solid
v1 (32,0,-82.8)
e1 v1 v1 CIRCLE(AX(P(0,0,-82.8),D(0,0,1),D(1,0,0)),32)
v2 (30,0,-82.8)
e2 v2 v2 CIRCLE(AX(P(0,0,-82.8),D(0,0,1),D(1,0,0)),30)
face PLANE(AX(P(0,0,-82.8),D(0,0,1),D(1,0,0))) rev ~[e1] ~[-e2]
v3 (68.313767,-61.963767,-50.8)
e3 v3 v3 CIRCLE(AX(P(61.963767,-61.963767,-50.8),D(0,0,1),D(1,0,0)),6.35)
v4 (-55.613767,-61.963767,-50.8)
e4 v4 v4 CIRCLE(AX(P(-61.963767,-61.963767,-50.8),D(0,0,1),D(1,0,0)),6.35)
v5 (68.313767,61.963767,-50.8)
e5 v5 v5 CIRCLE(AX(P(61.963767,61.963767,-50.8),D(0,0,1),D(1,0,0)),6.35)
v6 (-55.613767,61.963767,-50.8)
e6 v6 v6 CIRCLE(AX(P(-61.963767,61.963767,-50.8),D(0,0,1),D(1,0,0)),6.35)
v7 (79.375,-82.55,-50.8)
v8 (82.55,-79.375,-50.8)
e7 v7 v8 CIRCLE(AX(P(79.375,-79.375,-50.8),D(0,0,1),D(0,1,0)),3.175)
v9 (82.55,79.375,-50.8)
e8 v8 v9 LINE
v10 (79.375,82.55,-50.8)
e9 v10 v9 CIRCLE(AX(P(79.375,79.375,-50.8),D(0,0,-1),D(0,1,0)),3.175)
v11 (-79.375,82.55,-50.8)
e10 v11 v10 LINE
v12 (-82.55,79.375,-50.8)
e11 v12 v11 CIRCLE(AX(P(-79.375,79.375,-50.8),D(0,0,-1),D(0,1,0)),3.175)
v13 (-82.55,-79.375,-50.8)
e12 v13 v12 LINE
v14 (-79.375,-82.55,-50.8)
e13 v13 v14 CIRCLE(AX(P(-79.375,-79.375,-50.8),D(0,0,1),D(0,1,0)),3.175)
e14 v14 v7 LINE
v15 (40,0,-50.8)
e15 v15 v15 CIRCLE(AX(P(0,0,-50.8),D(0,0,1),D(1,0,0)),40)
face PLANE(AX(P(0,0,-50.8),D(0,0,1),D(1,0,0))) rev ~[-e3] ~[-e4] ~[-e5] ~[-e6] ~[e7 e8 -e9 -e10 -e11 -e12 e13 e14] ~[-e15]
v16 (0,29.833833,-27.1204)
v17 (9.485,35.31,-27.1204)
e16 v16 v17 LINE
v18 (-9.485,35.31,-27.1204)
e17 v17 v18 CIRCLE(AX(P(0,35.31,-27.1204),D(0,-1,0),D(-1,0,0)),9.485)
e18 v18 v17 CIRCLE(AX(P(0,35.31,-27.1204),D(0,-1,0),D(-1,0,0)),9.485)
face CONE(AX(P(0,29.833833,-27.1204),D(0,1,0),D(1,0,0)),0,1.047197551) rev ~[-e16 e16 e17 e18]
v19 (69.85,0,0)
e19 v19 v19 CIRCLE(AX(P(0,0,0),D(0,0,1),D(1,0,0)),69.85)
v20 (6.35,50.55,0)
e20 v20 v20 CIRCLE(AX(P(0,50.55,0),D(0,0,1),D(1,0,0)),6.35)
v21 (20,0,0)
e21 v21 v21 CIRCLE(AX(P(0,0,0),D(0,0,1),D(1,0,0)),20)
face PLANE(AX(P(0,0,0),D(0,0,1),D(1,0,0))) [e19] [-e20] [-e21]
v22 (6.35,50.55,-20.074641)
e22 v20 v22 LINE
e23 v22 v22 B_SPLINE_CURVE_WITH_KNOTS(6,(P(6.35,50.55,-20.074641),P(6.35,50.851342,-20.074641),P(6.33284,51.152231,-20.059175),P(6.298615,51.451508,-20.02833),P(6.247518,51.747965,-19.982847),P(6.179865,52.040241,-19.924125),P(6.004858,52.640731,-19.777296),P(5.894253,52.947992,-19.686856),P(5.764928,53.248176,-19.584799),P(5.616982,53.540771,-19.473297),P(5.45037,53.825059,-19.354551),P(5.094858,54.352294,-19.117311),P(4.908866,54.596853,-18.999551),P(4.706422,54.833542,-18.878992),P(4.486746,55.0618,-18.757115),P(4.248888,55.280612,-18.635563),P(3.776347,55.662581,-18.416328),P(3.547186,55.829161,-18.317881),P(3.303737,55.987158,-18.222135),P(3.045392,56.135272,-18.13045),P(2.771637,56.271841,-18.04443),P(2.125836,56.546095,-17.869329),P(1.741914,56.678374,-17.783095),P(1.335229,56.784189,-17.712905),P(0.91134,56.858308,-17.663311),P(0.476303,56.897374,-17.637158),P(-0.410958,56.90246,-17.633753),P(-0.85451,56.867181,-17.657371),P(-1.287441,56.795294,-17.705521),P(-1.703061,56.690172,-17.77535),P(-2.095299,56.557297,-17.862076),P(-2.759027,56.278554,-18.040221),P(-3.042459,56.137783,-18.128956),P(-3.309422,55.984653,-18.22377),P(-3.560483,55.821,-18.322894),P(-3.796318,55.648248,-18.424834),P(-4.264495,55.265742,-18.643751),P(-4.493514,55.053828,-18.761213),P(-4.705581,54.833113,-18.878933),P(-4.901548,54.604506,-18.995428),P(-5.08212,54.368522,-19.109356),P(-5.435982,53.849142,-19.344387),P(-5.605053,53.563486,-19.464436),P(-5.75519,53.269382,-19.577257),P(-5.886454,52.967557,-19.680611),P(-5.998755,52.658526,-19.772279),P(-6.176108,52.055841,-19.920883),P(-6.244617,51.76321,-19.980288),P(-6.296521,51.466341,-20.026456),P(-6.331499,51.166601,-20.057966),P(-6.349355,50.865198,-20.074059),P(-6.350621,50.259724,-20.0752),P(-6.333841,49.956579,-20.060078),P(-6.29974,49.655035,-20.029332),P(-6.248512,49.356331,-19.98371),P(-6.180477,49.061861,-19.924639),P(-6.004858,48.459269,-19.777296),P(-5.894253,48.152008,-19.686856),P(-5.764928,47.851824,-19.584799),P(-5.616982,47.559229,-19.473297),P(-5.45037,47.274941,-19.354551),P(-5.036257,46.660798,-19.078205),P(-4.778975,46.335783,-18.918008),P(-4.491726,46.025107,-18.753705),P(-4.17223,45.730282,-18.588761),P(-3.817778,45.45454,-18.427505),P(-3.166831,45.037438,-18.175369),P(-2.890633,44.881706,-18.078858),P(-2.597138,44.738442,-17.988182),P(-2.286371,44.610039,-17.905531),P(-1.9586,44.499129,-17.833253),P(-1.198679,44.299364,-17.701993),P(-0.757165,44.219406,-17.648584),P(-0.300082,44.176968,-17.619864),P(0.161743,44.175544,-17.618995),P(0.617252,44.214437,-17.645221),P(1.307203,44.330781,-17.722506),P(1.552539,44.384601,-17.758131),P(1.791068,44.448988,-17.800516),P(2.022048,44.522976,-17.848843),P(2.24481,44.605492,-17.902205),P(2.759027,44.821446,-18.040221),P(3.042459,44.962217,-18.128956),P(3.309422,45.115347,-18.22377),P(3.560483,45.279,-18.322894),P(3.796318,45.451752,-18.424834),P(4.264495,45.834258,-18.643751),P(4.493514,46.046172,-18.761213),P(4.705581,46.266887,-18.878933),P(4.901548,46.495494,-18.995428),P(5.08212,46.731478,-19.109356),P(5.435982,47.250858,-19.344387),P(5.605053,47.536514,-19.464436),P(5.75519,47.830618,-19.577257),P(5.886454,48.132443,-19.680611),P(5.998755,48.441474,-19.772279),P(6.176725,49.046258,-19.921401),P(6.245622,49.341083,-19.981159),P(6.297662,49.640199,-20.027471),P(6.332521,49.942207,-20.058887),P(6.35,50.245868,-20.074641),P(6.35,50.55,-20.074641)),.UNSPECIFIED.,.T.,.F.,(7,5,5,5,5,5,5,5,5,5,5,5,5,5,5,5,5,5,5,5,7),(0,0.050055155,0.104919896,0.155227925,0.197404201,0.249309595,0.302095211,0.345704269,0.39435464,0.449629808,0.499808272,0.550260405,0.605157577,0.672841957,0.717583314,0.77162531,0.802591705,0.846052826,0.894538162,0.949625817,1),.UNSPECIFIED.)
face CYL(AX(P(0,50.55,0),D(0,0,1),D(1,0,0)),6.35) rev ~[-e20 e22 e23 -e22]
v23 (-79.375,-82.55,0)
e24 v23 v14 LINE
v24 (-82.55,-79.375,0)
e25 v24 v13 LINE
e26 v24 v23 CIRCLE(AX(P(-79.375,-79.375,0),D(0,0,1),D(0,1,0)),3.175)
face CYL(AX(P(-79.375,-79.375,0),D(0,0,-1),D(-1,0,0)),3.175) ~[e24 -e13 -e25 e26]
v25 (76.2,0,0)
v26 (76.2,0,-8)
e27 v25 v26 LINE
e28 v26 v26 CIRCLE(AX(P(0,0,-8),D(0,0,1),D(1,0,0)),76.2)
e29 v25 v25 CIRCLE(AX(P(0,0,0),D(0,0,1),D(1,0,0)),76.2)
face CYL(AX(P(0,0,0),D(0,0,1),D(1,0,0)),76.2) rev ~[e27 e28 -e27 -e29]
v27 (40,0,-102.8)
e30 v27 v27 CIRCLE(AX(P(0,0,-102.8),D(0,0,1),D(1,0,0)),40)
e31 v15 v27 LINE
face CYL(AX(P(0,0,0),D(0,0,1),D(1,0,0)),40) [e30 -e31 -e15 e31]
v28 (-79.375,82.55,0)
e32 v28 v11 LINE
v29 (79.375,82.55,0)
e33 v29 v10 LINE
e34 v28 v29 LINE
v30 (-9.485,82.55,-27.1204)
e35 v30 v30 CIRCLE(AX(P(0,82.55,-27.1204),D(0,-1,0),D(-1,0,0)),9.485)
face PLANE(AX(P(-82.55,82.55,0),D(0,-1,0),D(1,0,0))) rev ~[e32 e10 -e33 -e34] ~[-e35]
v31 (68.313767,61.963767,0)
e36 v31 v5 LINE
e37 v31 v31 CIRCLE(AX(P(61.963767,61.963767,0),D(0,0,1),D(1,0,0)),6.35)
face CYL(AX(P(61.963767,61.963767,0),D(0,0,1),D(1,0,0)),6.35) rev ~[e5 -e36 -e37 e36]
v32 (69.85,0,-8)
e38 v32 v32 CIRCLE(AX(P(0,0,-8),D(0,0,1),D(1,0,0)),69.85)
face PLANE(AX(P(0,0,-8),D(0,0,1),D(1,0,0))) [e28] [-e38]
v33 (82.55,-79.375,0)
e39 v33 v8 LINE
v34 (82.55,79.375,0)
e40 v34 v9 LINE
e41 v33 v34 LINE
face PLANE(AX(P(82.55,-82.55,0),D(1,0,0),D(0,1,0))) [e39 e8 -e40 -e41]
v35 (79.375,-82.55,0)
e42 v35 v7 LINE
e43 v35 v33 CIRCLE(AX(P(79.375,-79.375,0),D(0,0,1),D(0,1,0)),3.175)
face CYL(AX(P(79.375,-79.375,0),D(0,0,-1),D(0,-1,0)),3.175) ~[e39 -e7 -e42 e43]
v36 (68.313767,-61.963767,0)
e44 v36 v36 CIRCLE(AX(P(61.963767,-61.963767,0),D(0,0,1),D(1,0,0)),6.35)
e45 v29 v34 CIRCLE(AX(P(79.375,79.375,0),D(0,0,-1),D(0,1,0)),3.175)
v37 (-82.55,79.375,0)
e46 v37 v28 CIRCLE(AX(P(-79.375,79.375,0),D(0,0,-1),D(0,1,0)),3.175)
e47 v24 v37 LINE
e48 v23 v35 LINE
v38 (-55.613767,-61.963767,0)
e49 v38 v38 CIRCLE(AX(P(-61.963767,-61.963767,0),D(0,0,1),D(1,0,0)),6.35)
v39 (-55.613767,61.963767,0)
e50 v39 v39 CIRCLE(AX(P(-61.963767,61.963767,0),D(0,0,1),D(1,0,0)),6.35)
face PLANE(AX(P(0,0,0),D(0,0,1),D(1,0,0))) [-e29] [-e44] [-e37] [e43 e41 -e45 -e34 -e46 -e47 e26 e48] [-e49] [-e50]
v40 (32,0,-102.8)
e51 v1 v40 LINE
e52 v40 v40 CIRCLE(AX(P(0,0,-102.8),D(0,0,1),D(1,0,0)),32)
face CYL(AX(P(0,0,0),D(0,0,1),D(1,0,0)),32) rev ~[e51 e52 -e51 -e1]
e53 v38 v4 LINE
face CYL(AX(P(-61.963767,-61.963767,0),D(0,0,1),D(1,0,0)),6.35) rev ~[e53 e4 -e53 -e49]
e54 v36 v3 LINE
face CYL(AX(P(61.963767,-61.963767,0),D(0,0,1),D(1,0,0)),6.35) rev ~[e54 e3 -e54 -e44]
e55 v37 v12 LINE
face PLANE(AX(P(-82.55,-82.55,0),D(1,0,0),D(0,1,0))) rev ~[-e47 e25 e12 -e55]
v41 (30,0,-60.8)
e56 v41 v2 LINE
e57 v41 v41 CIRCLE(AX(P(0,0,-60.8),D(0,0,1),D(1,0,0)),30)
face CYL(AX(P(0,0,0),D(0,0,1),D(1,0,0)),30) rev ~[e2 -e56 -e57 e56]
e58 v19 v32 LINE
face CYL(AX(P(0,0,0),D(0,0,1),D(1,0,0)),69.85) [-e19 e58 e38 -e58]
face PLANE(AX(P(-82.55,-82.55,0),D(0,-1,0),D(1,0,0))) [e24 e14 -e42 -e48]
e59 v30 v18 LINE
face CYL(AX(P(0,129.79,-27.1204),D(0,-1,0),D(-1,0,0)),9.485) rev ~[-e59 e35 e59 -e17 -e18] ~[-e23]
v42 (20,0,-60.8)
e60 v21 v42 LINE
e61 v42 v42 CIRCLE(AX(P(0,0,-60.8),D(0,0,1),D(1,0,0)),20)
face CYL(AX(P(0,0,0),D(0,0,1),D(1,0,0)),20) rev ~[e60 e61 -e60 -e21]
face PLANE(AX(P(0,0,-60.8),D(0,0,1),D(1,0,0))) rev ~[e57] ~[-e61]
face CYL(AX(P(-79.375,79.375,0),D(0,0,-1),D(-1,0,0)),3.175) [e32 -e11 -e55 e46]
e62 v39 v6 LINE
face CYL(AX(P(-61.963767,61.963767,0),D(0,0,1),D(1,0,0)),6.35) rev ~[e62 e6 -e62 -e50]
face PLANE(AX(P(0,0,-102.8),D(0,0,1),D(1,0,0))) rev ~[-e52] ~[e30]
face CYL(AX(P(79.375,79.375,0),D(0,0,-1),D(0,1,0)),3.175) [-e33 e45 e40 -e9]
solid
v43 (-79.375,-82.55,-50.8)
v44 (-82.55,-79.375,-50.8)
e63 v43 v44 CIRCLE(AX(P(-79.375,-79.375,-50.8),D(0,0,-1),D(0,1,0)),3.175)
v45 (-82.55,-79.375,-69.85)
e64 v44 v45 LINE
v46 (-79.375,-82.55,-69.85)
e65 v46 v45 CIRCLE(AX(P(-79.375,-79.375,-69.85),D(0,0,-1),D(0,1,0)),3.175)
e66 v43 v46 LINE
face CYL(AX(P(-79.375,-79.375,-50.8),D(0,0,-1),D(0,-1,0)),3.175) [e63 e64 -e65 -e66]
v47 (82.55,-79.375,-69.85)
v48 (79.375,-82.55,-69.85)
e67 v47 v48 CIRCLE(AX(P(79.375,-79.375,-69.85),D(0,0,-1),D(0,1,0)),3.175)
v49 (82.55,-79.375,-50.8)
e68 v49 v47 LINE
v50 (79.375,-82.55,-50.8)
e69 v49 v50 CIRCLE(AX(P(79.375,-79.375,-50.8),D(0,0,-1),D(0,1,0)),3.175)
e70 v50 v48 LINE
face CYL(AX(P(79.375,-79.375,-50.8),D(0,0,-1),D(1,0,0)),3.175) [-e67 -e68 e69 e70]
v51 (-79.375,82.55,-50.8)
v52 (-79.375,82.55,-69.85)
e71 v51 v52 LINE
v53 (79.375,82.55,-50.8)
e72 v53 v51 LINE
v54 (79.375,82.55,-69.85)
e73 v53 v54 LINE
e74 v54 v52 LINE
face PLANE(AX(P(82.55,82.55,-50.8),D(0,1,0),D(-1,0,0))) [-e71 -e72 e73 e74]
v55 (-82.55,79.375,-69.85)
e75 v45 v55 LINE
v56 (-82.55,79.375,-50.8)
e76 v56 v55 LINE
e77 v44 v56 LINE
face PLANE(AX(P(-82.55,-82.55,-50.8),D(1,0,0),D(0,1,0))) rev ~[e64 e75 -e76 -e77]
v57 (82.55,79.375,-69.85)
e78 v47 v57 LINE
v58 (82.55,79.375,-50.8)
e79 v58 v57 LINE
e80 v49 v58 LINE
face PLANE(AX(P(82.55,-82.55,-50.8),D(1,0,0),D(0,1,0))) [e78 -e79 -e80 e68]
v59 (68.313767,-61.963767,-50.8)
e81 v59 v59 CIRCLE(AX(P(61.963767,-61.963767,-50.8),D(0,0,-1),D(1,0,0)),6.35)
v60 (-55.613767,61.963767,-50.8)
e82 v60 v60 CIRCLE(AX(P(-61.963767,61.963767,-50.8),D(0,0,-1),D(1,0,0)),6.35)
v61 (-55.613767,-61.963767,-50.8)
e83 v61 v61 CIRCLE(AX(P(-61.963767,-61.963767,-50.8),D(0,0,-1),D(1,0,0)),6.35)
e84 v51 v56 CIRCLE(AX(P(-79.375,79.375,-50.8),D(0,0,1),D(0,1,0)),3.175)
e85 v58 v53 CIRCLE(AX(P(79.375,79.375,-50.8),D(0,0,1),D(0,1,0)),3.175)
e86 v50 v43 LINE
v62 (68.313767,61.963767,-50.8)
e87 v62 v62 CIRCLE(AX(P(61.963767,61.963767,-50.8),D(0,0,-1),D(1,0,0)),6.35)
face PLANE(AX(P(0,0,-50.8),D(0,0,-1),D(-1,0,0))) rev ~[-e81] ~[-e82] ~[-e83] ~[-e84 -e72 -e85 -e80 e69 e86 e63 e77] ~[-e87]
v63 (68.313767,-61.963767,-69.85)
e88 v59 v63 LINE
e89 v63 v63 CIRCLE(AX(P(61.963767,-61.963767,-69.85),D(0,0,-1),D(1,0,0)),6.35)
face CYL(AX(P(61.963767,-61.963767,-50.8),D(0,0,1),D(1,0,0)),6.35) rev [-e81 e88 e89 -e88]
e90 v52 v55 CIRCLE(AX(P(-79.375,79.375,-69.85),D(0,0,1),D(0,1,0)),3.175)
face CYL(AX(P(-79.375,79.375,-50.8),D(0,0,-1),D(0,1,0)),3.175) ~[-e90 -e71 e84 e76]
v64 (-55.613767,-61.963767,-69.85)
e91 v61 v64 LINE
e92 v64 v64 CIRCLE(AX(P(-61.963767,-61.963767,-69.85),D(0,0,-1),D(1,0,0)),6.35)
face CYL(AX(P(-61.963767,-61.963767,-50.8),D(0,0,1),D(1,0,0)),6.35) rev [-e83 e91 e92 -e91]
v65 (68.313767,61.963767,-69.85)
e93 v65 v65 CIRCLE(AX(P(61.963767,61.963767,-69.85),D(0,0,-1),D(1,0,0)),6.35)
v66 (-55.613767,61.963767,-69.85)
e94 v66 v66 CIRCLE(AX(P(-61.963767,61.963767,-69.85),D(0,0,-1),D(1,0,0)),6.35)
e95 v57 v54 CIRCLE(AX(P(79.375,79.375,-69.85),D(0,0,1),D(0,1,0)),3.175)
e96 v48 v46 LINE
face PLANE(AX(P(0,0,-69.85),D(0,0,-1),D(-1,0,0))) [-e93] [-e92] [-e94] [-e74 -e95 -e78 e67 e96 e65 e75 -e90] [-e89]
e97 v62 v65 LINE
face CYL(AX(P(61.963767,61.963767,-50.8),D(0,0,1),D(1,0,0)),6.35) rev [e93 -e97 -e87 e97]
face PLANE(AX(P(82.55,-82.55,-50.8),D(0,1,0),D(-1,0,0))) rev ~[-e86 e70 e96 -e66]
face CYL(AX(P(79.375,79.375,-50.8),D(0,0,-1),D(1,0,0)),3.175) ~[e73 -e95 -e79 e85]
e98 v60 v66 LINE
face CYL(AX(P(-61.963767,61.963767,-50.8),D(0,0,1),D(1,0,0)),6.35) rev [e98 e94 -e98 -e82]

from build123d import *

# Parameters (mm, degrees)
SKETCH1_R                  = 40
SKETCH1_R_2                = 32
BOSS_EXTRUDE1_DEPTH        = 102.8
SKETCH1_3_R                = 32
SKETCH1_3_R_2              = 30
BOSS_EXTRUDE2_DEPTH        = 82.8
SKETCH1_4_R                = 30
SKETCH1_4_R_2              = 20
BOSS_EXTRUDE3_DEPTH        = 60.8
SKETCH1_5_W                = 165.1
SKETCH1_5_H                = 165.1
SKETCH1_5_R                = 6.35
SKETCH1_5_R_2              = 40
BOSS_EXTRUDE4_DEPTH        = 50.8
SKETCH2_R                  = 76.2
SKETCH2_R_2                = 69.85
CUT_EXTRUDE1_DEPTH         = 8
F_1_0MM_DOWEL_HOLE1_D      = 18.97
F_1_0MM_DOWEL_HOLE1_DEPTH  = 47.24
F_1_0MM_DOWEL_HOLE1_TIP    = 5.476167303
F_1_5MM_DOWEL_HOLE1_REACH  = 157.553
F_1_5MM_DOWEL_HOLE1_BORE_R = 6.35
SKETCH8_W                  = 165.1
SKETCH8_H                  = 165.1
SKETCH8_R                  = 6.35
BOSS_EXTRUDE5_DEPTH        = 19.05
FILLET1_R                  = 3.175
FILLET2_R                  = 3.175


with BuildPart() as part:
    # Sketch1 → Boss-Extrude1 (new body)
    with BuildSketch(Plane.XY):
        Circle(SKETCH1_R)
        Circle(SKETCH1_R_2, mode=Mode.SUBTRACT)
    extrude(amount=-BOSS_EXTRUDE1_DEPTH)

    # Sketch1<3> → Boss-Extrude2 (add)
    with BuildSketch(Plane.XY):
        Circle(SKETCH1_3_R)
        Circle(SKETCH1_3_R_2, mode=Mode.SUBTRACT)
    extrude(amount=-BOSS_EXTRUDE2_DEPTH)

    # Sketch1<4> → Boss-Extrude3 (add)
    with BuildSketch(Plane.XY):
        Circle(SKETCH1_4_R)
        Circle(SKETCH1_4_R_2, mode=Mode.SUBTRACT)
    extrude(amount=-BOSS_EXTRUDE3_DEPTH)

    # Sketch1<5> → Boss-Extrude4 (add)
    with BuildSketch(Plane.XY):
        Rectangle(SKETCH1_5_W, SKETCH1_5_H)
        with Locations((-61.963767235, -61.963767235)):
            Circle(SKETCH1_5_R, mode=Mode.SUBTRACT)
        with Locations((61.963767235, -61.963767235)):
            Circle(SKETCH1_5_R, mode=Mode.SUBTRACT)
        with Locations((61.963767235, 61.963767235)):
            Circle(SKETCH1_5_R, mode=Mode.SUBTRACT)
        with Locations((-61.963767235, 61.963767235)):
            Circle(SKETCH1_5_R, mode=Mode.SUBTRACT)
        Circle(SKETCH1_5_R_2, mode=Mode.SUBTRACT)
    extrude(amount=-BOSS_EXTRUDE4_DEPTH)

    # Sketch2 → Cut-Extrude1 (cut)
    with BuildSketch(Plane.XY):
        Circle(SKETCH2_R)
        Circle(SKETCH2_R_2, mode=Mode.SUBTRACT)
    extrude(amount=-CUT_EXTRUDE1_DEPTH, mode=Mode.SUBTRACT)

    # Ø1.0mm Dowel Hole1
    with Locations(Plane(origin=(0, 82.55, 0), x_dir=(1, 0, 0), z_dir=(0, 1, 0))):
        with Locations((0, 27.120400039)):
            Hole(F_1_0MM_DOWEL_HOLE1_D / 2, depth=F_1_0MM_DOWEL_HOLE1_DEPTH)
            with Locations((0, 0, -(F_1_0MM_DOWEL_HOLE1_DEPTH + F_1_0MM_DOWEL_HOLE1_TIP / 2))):  # 120° drill point
                Cone(0, F_1_0MM_DOWEL_HOLE1_D / 2, F_1_0MM_DOWEL_HOLE1_TIP, mode=Mode.SUBTRACT)

    # Ø1.5mm Dowel Hole1 bore → Ø1.5mm Dowel Hole1 (cut, up to next)
    with BuildSketch(Plane.XY, mode=Mode.PRIVATE) as f_1_5mm_dowel_hole1_sk1:
        with Locations((0, 50.55)):
            Circle(F_1_5MM_DOWEL_HOLE1_BORE_R)
    f_1_5mm_dowel_hole1_tool1 = extrude(f_1_5mm_dowel_hole1_sk1.sketch, amount=-F_1_5MM_DOWEL_HOLE1_REACH, mode=Mode.PRIVATE) & part.part
    add(f_1_5mm_dowel_hole1_tool1.solids().sort_by_distance((0, 50.55, 0))[0], mode=Mode.SUBTRACT)

    # Fillet1
    fillet1_edges = [part.edges().sort_by_distance(p)[0] for p in [
        (82.55, 82.55, -25.4),
        (82.55, -82.55, -25.4),
        (-82.55, -82.55, -25.4),
        (-82.55, 82.55, -25.4),
    ]]
    fillet(fillet1_edges, radius=FILLET1_R)


with BuildPart() as body_2:
    # Sketch8 → Boss-Extrude5 (new body)
    with BuildSketch(Plane(origin=(0, 0, -50.8), x_dir=(-1, 0, 0), z_dir=(0, 0, -1))):
        Rectangle(SKETCH8_W, SKETCH8_H)
        with Locations(Location((61.963767235, -61.963767235, 0), (0, 0, 180))):
            Circle(SKETCH8_R, mode=Mode.SUBTRACT)
        with Locations(Location((-61.963767235, -61.963767235, 0), (0, 0, 180))):
            Circle(SKETCH8_R, mode=Mode.SUBTRACT)
        with Locations(Location((-61.963767235, 61.963767235, 0), (0, 0, 180))):
            Circle(SKETCH8_R, mode=Mode.SUBTRACT)
        with Locations(Location((61.963767235, 61.963767235, 0), (0, 0, 180))):
            Circle(SKETCH8_R, mode=Mode.SUBTRACT)
    extrude(amount=BOSS_EXTRUDE5_DEPTH)

    # Fillet2
    fillet2_edges = [body_2.edges().sort_by_distance(p)[0] for p in [
        (-82.55, 82.55, -60.325),
        (-82.55, -82.55, -60.325),
        (82.55, -82.55, -60.325),
        (82.55, 82.55, -60.325),
    ]]
    fillet(fillet2_edges, radius=FILLET2_R)


solid = Compound([part.part, body_2.part])
